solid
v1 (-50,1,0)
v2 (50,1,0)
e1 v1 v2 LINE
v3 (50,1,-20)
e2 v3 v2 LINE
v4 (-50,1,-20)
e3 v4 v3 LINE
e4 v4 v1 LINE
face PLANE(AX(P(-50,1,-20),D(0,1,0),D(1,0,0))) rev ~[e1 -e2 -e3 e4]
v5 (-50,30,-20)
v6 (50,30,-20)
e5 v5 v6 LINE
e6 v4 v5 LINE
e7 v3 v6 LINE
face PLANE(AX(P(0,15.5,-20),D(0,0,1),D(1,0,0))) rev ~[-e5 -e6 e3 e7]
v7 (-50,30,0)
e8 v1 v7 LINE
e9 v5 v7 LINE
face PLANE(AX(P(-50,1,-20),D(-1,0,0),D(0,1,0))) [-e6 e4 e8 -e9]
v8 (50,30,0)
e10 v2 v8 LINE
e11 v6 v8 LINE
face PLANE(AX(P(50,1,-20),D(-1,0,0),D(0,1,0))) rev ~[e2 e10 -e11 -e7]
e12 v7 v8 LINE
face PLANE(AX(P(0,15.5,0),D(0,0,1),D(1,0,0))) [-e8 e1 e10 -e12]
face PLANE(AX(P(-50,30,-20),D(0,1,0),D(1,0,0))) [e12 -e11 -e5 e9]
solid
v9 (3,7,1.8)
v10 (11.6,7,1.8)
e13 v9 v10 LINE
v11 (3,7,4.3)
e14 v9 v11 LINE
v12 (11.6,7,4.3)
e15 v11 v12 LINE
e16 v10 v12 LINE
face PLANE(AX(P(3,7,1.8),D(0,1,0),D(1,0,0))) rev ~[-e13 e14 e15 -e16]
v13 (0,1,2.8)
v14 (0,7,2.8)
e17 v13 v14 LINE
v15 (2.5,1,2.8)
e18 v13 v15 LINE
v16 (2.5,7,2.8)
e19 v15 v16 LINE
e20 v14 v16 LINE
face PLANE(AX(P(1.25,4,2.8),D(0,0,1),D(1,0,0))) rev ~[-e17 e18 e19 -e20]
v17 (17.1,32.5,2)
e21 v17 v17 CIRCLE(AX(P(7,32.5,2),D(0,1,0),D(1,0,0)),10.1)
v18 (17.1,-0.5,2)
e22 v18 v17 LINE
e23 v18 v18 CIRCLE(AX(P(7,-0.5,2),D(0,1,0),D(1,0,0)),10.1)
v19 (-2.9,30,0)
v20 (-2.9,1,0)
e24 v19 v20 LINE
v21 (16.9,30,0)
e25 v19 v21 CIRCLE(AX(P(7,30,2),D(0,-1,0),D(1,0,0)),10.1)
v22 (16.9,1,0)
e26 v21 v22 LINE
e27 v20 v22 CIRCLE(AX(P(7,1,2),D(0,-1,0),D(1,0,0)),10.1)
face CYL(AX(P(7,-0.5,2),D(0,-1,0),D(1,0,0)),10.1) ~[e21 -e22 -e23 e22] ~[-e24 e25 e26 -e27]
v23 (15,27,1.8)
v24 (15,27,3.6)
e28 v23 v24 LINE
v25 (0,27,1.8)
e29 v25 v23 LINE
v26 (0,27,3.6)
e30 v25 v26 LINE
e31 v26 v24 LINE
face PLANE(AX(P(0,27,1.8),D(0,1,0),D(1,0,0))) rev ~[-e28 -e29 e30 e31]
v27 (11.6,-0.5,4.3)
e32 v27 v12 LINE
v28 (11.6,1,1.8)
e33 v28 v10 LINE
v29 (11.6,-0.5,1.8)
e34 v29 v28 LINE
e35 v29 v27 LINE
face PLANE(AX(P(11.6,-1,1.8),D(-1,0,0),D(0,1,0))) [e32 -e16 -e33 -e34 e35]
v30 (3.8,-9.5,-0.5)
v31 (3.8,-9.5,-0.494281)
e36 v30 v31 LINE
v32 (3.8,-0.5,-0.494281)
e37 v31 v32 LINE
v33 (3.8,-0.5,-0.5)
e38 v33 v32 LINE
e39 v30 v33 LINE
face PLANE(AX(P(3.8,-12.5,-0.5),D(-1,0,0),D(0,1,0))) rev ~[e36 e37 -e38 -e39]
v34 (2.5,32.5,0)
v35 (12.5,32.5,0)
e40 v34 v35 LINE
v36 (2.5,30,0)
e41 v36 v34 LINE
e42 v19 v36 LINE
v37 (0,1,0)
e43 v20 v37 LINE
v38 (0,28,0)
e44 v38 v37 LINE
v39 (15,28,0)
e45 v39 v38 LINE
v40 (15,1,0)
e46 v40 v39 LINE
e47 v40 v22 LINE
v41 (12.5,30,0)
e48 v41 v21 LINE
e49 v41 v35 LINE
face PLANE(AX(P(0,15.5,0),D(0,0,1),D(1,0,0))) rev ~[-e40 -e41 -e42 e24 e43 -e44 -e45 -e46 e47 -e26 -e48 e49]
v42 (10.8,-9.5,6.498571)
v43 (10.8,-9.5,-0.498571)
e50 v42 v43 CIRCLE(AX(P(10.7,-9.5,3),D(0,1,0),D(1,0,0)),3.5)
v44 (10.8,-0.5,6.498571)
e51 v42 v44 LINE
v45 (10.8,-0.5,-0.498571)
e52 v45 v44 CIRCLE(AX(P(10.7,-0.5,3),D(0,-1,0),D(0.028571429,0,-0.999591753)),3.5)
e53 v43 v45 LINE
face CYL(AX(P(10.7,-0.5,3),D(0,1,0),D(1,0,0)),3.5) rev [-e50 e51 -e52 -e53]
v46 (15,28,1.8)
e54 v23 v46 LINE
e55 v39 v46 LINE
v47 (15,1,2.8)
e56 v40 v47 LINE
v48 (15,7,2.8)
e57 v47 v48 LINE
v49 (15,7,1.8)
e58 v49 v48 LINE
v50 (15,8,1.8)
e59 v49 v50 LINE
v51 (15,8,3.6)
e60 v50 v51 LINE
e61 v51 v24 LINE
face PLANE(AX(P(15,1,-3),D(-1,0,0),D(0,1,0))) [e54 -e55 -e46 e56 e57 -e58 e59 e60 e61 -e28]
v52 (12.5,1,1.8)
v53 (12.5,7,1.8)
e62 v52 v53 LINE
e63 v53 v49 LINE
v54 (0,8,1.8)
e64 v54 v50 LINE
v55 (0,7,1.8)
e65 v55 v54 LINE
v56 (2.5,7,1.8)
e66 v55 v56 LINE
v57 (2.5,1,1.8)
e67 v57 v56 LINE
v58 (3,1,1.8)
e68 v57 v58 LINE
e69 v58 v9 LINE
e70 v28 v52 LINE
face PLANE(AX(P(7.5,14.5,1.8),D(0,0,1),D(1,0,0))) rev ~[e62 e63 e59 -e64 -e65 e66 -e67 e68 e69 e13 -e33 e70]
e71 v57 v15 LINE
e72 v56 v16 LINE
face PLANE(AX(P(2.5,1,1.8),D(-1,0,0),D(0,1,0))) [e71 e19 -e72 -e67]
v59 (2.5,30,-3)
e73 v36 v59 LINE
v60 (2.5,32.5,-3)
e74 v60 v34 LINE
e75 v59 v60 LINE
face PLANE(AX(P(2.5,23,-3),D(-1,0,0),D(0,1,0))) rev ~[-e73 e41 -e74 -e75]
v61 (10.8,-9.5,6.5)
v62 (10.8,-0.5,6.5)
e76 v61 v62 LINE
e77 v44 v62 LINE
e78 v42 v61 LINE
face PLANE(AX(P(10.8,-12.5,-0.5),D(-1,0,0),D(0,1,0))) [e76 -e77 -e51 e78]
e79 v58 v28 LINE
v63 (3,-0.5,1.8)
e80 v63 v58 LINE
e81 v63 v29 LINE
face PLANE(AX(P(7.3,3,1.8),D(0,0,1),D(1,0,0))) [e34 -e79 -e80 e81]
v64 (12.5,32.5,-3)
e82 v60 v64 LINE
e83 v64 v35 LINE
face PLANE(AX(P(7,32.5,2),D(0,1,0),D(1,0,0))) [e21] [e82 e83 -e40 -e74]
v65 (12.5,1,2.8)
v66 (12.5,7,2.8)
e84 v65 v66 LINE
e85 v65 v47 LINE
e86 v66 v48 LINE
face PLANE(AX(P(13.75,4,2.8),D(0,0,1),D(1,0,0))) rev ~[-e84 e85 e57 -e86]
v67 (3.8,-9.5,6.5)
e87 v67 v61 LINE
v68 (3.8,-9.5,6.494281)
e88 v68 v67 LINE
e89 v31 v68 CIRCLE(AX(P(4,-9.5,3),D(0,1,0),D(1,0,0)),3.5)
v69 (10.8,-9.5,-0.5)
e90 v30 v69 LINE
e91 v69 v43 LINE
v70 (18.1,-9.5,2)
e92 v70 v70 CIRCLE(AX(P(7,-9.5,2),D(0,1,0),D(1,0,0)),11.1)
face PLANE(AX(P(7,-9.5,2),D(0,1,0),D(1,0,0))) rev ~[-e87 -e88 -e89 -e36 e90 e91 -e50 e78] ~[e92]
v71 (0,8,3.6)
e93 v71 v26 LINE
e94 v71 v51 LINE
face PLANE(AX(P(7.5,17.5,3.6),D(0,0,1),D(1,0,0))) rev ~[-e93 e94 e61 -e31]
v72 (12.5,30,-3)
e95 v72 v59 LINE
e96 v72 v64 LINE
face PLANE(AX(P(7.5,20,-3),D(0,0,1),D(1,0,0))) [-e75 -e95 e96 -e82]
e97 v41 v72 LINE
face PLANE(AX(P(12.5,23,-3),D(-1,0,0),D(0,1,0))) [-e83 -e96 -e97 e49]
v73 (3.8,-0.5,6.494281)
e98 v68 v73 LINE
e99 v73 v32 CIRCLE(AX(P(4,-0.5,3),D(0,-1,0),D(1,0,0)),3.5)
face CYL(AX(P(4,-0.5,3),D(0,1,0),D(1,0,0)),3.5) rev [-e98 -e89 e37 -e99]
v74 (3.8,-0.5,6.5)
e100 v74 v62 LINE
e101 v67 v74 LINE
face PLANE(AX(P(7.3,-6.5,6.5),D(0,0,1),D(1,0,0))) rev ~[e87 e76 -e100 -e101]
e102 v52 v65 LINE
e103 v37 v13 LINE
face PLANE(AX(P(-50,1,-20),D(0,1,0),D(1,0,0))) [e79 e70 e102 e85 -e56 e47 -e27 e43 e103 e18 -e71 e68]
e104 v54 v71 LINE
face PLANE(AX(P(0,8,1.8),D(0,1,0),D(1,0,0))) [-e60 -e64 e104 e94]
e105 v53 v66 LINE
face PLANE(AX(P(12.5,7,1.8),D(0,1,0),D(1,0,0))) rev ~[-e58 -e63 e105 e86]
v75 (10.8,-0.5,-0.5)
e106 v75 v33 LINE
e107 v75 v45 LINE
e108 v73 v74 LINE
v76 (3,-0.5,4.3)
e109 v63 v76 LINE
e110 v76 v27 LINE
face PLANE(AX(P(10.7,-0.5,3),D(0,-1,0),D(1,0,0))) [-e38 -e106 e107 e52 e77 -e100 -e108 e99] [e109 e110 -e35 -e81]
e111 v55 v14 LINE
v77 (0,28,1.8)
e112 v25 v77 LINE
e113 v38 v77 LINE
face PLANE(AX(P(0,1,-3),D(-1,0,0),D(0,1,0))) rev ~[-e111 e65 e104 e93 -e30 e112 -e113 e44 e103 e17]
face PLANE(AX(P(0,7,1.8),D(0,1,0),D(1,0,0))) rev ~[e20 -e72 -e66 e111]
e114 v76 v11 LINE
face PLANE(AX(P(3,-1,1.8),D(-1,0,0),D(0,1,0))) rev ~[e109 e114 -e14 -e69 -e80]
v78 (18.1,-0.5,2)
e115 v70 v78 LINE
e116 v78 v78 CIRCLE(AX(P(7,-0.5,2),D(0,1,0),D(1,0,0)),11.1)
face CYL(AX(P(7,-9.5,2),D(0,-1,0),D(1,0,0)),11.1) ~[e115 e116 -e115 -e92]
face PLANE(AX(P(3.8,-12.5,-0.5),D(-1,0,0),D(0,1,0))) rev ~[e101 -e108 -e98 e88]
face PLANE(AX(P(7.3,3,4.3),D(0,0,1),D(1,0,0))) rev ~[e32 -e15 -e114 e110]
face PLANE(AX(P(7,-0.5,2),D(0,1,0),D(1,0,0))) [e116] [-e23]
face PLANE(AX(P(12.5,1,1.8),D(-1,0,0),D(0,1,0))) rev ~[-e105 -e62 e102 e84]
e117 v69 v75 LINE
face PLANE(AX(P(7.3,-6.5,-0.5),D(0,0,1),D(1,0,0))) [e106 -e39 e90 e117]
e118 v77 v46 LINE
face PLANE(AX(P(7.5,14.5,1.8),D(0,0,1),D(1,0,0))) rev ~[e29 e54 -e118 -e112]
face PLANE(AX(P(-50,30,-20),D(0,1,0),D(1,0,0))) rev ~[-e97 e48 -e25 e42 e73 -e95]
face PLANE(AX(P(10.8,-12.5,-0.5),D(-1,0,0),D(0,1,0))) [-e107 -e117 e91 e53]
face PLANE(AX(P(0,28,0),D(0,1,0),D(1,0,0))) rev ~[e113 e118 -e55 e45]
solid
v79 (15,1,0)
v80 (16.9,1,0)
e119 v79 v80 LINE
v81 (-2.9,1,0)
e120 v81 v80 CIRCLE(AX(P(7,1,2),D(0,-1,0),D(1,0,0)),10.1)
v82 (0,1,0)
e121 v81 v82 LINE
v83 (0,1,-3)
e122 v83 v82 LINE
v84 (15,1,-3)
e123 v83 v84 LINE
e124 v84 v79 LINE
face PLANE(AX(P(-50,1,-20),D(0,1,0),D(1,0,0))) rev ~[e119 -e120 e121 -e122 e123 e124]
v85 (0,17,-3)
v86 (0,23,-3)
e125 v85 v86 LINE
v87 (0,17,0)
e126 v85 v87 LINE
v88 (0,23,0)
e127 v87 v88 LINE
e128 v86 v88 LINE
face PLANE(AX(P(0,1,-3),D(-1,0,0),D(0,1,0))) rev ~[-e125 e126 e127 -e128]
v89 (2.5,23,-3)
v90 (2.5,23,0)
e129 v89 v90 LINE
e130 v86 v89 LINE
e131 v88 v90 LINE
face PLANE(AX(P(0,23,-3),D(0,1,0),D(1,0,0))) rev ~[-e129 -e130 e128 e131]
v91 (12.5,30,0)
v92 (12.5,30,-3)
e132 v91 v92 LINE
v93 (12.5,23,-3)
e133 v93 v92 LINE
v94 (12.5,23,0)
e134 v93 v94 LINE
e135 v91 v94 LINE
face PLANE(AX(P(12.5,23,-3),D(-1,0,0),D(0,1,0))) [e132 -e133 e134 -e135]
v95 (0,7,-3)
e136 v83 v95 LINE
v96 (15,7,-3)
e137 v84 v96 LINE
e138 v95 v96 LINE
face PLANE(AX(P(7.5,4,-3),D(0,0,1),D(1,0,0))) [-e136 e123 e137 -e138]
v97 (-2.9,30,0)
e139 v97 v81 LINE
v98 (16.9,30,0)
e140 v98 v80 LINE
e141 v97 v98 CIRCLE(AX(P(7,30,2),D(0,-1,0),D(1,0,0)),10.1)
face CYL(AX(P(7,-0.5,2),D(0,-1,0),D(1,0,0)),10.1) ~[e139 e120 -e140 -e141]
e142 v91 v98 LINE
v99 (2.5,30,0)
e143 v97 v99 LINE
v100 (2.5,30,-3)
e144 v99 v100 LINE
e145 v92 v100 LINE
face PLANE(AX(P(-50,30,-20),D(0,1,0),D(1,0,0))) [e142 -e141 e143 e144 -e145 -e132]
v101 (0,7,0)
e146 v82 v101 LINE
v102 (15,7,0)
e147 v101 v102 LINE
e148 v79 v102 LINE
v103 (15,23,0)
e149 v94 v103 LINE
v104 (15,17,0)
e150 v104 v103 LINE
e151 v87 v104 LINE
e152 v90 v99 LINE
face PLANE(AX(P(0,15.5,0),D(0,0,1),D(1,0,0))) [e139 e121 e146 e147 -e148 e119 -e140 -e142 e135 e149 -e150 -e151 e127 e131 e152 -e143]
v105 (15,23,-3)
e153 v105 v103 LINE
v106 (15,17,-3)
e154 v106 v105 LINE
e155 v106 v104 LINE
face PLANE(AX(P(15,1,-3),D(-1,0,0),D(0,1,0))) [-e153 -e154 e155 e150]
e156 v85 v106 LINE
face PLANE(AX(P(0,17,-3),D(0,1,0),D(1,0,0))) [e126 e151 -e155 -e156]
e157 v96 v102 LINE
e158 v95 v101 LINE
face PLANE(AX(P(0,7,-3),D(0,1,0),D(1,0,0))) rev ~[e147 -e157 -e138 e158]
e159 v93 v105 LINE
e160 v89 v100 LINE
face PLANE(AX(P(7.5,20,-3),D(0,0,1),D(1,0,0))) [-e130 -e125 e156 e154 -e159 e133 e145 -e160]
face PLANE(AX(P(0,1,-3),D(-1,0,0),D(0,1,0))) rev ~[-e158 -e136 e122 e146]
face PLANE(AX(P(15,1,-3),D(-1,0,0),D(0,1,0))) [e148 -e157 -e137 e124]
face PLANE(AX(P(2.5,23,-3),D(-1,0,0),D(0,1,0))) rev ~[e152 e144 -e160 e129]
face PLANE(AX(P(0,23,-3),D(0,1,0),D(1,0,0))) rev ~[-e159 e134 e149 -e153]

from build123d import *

# Parameters (mm, degrees)
BOX008_W               = 100
BOX008_H               = 29
BOX008_DEPTH           = 20
CYLINDER002_R          = 3.5
CYLINDER002_DEPTH      = 12
CYLINDER002_ROLL_ANGLE = 90
CYLINDER003_R          = 3.5
CYLINDER003_DEPTH      = 12
CYLINDER003_ROLL_ANGLE = 90
BOX009_W               = 7
BOX009_H               = 12
BOX009_DEPTH           = 7
BOX002_W               = 8.6
BOX002_H               = 8
BOX002_DEPTH           = 2.5
BOX001_W               = 15
BOX001_H               = 19
BOX001_DEPTH           = 1.8
BOX004_W               = 10
BOX004_H               = 15
BOX004_DEPTH           = 3
BOX003_W               = 15
BOX003_H               = 6
BOX003_DEPTH           = 3
BOX_W                  = 15
BOX_H                  = 27
BOX_DEPTH              = 1.8
BOX007_W               = 2.5
BOX007_H               = 6
BOX007_DEPTH           = 1
BOX005_W               = 15
BOX005_H               = 6
BOX005_DEPTH           = 3
BOX006_W               = 2.5
BOX006_H               = 6
BOX006_DEPTH           = 1
CYLINDER_R             = 10.1
CYLINDER_DEPTH         = 33
CYLINDER_ROLL_ANGLE    = -90
CYLINDER001_R          = 11.1
CYLINDER001_DEPTH      = 9
CYLINDER001_ROLL_ANGLE = -90
BOX022_W               = 100
BOX022_H               = 29
BOX022_DEPTH           = 20
BOX012_W               = 100
BOX012_H               = 100
BOX012_DEPTH           = 40
BOX010_W               = 100
BOX010_H               = 100
BOX010_DEPTH           = 40
BOX011_W               = 100
BOX011_H               = 29
BOX011_DEPTH           = 20
CYLINDER004_R          = 3.5
CYLINDER004_DEPTH      = 12
CYLINDER004_ROLL_ANGLE = 90
CYLINDER007_R          = 3.5
CYLINDER007_DEPTH      = 12
CYLINDER007_ROLL_ANGLE = 90
BOX023_W               = 20
BOX023_H               = 12
BOX023_DEPTH           = 7
BOX016_W               = 8.6
BOX016_H               = 8
BOX016_DEPTH           = 2.5
BOX015_W               = 15
BOX015_H               = 19
BOX015_DEPTH           = 1.8
BOX018_W               = 10
BOX018_H               = 15
BOX018_DEPTH           = 3
BOX017_W               = 15
BOX017_H               = 6
BOX017_DEPTH           = 3
BOX014_W               = 15
BOX014_H               = 27
BOX014_DEPTH           = 1.8
BOX021_W               = 2.5
BOX021_H               = 6
BOX021_DEPTH           = 1
BOX019_W               = 15
BOX019_H               = 6
BOX019_DEPTH           = 3
BOX020_W               = 2.5
BOX020_H               = 6
BOX020_DEPTH           = 1
CYLINDER005_R          = 10.1
CYLINDER005_DEPTH      = 33
CYLINDER005_ROLL_ANGLE = -90
CYLINDER006_R          = 11.1
CYLINDER006_DEPTH      = 10
CYLINDER006_ROLL_ANGLE = -90


with BuildPart() as box008:
    # Box008 → Box008 (new body)
    with BuildSketch(Plane(origin=(-50, 1, -20), x_dir=(1, 0, 0), z_dir=(0, 0, 1))):
        with Locations((50, 14.5)):
            Rectangle(BOX008_W, BOX008_H)
    extrude(amount=BOX008_DEPTH)


with BuildPart() as cylinder002:
    # Cylinder002 → Cylinder002 (new body)
    with BuildSketch(Plane.XY):
        Circle(CYLINDER002_R)
    extrude(amount=CYLINDER002_DEPTH)


with BuildPart() as cylinder002_1:
    # Cylinder002 roll: moved
    add(cylinder002.part.rotate(Axis((0, 0, 0), (1, 0, 0)), CYLINDER002_ROLL_ANGLE))


with BuildPart() as cylinder002_2:
    # Cylinder002 placement: moved
    add(cylinder002_1.part.moved(Location((4, 0, 3))))


with BuildPart() as cylinder003:
    # Cylinder003 → Cylinder003 (new body)
    with BuildSketch(Plane.XY):
        Circle(CYLINDER003_R)
    extrude(amount=CYLINDER003_DEPTH)


with BuildPart() as cylinder003_1:
    # Cylinder003 roll: moved
    add(cylinder003.part.rotate(Axis((0, 0, 0), (1, 0, 0)), CYLINDER003_ROLL_ANGLE))


with BuildPart() as cylinder003_2:
    # Cylinder003 placement: moved
    add(cylinder003_1.part.moved(Location((10.7, 0, 3))))


with BuildPart() as fusion002:
    # Box009 → Box009 (new body)
    with BuildSketch(Plane(origin=(3.8, -12, -0.5), x_dir=(1, 0, 0), z_dir=(0, 0, 1))):
        with Locations((3.5, 6)):
            Rectangle(BOX009_W, BOX009_H)
    extrude(amount=BOX009_DEPTH)

    # Fusion002: union Cylinder002, Cylinder003
    add(cylinder002_2.part)
    add(cylinder003_2.part)


with BuildPart() as fusion002_1:
    # Fusion002 placement: moved
    add(fusion002.part.moved(Location((0, -0.5, 0))))


with BuildPart() as box002:
    # Box002 → Box002 (new body)
    with BuildSketch(Plane(origin=(3, -2, 1.8), x_dir=(1, 0, 0), z_dir=(0, 0, 1))):
        with Locations((4.3, 4)):
            Rectangle(BOX002_W, BOX002_H)
    extrude(amount=BOX002_DEPTH)


with BuildPart() as box001:
    # Box001 → Box001 (new body)
    with BuildSketch(Plane(origin=(0, 7, 1.8), x_dir=(1, 0, 0), z_dir=(0, 0, 1))):
        with Locations((7.5, 9.5)):
            Rectangle(BOX001_W, BOX001_H)
    extrude(amount=BOX001_DEPTH)


with BuildPart() as box004:
    # Box004 → Box004 (new body)
    with BuildSketch(Plane(origin=(2.5, 22, -3), x_dir=(1, 0, 0), z_dir=(0, 0, 1))):
        with Locations((5, 7.5)):
            Rectangle(BOX004_W, BOX004_H)
    extrude(amount=BOX004_DEPTH)


with BuildPart() as box003:
    # Box003 → Box003 (new body)
    with BuildSketch(Plane(origin=(0, 16, -3), x_dir=(1, 0, 0), z_dir=(0, 0, 1))):
        with Locations((7.5, 3)):
            Rectangle(BOX003_W, BOX003_H)
    extrude(amount=BOX003_DEPTH)


with BuildPart() as box:
    # Box → Box (new body)
    with BuildSketch(Plane.XY):
        with Locations((7.5, 13.5)):
            Rectangle(BOX_W, BOX_H)
    extrude(amount=BOX_DEPTH)


with BuildPart() as box007:
    # Box007 → Box007 (new body)
    with BuildSketch(Plane(origin=(12.5, 0, 1.8), x_dir=(1, 0, 0), z_dir=(0, 0, 1))):
        with Locations((1.25, 3)):
            Rectangle(BOX007_W, BOX007_H)
    extrude(amount=BOX007_DEPTH)


with BuildPart() as box005:
    # Box005 → Box005 (new body)
    with BuildSketch(Plane.XY.offset(-3)):
        with Locations((7.5, 3)):
            Rectangle(BOX005_W, BOX005_H)
    extrude(amount=BOX005_DEPTH)


with BuildPart() as fusion:
    # Box006 → Box006 (new body)
    with BuildSketch(Plane.XY.offset(1.8)):
        with Locations((1.25, 3)):
            Rectangle(BOX006_W, BOX006_H)
    extrude(amount=BOX006_DEPTH)

    # Fusion: union Box002, Box001, Box004, Box003, Box, Box007, Box005
    add(box002.part)
    add(box001.part)
    add(box004.part)
    add(box003.part)
    add(box.part)
    add(box007.part)
    add(box005.part)


with BuildPart() as fusion_1:
    # Fusion placement: moved
    add(fusion.part.moved(Location((0, 1, 0))))


with BuildPart() as cylinder:
    # Cylinder → Cylinder (new body)
    with BuildSketch(Plane.XY):
        Circle(CYLINDER_R)
    extrude(amount=CYLINDER_DEPTH)


with BuildPart() as cylinder_1:
    # Cylinder roll: moved
    add(cylinder.part.rotate(Axis((0, 0, 0), (1, 0, 0)), CYLINDER_ROLL_ANGLE))


with BuildPart() as cylinder_2:
    # Cylinder placement: moved
    add(cylinder_1.part.moved(Location((7, -0.5, 2))))


with BuildPart() as cut002:
    # Cylinder001 → Cylinder001 (new body)
    with BuildSketch(Plane.XY):
        Circle(CYLINDER001_R)
    extrude(amount=CYLINDER001_DEPTH)


with BuildPart() as cut002_1:
    # Cylinder001 roll: moved
    add(cut002.part.rotate(Axis((0, 0, 0), (1, 0, 0)), CYLINDER001_ROLL_ANGLE))


with BuildPart() as cut002_2:
    # Cylinder001 placement: moved
    add(cut002_1.part.moved(Location((7, -9.5, 2))))

    # Fusion001: union Cylinder
    add(cylinder_2.part)

    # Cut: cut Fusion
    add(fusion_1.part, mode=Mode.SUBTRACT)

    # Cut001: cut Fusion002
    add(fusion002_1.part, mode=Mode.SUBTRACT)

    # Cut002: cut Box008
    add(box008.part, mode=Mode.SUBTRACT)


with BuildPart() as box022:
    # Box022 → Box022 (new body)
    with BuildSketch(Plane(origin=(-50, 1, -20), x_dir=(1, 0, 0), z_dir=(0, 0, 1))):
        with Locations((50, 14.5)):
            Rectangle(BOX022_W, BOX022_H)
    extrude(amount=BOX022_DEPTH)


with BuildPart() as box012:
    # Box012 → Box012 (new body)
    with BuildSketch(Plane(origin=(-50, 30, -20), x_dir=(1, 0, 0), z_dir=(0, 0, 1))):
        with Locations((50, 50)):
            Rectangle(BOX012_W, BOX012_H)
    extrude(amount=BOX012_DEPTH)


with BuildPart() as box010:
    # Box010 → Box010 (new body)
    with BuildSketch(Plane(origin=(-50, -99, -20), x_dir=(1, 0, 0), z_dir=(0, 0, 1))):
        with Locations((50, 50)):
            Rectangle(BOX010_W, BOX010_H)
    extrude(amount=BOX010_DEPTH)


with BuildPart() as fusion007:
    # Box011 → Box011 (new body)
    with BuildSketch(Plane(origin=(-50, 1, 0), x_dir=(1, 0, 0), z_dir=(0, 0, 1))):
        with Locations((50, 14.5)):
            Rectangle(BOX011_W, BOX011_H)
    extrude(amount=BOX011_DEPTH)

    # Fusion007: union Box012, Box010
    add(box012.part)
    add(box010.part)


with BuildPart() as cylinder004:
    # Cylinder004 → Cylinder004 (new body)
    with BuildSketch(Plane.XY):
        Circle(CYLINDER004_R)
    extrude(amount=CYLINDER004_DEPTH)


with BuildPart() as cylinder004_1:
    # Cylinder004 roll: moved
    add(cylinder004.part.rotate(Axis((0, 0, 0), (1, 0, 0)), CYLINDER004_ROLL_ANGLE))


with BuildPart() as cylinder004_2:
    # Cylinder004 placement: moved
    add(cylinder004_1.part.moved(Location((4, 0, 3))))


with BuildPart() as cylinder007:
    # Cylinder007 → Cylinder007 (new body)
    with BuildSketch(Plane.XY):
        Circle(CYLINDER007_R)
    extrude(amount=CYLINDER007_DEPTH)


with BuildPart() as cylinder007_1:
    # Cylinder007 roll: moved
    add(cylinder007.part.rotate(Axis((0, 0, 0), (1, 0, 0)), CYLINDER007_ROLL_ANGLE))


with BuildPart() as cylinder007_2:
    # Cylinder007 placement: moved
    add(cylinder007_1.part.moved(Location((10.7, 0, 3))))


with BuildPart() as fusion006:
    # Box023 → Box023 (new body)
    with BuildSketch(Plane(origin=(3.8, -12, -0.5), x_dir=(1, 0, 0), z_dir=(0, 0, 1))):
        with Locations((10, 6)):
            Rectangle(BOX023_W, BOX023_H)
    extrude(amount=BOX023_DEPTH)

    # Fusion006: union Cylinder004, Cylinder007
    add(cylinder004_2.part)
    add(cylinder007_2.part)


with BuildPart() as fusion006_1:
    # Fusion006 placement: moved
    add(fusion006.part.moved(Location((0, -0.5, 0))))


with BuildPart() as box016:
    # Box016 → Box016 (new body)
    with BuildSketch(Plane(origin=(3, -2, 1.8), x_dir=(1, 0, 0), z_dir=(0, 0, 1))):
        with Locations((4.3, 4)):
            Rectangle(BOX016_W, BOX016_H)
    extrude(amount=BOX016_DEPTH)


with BuildPart() as box015:
    # Box015 → Box015 (new body)
    with BuildSketch(Plane(origin=(0, 7, 1.8), x_dir=(1, 0, 0), z_dir=(0, 0, 1))):
        with Locations((7.5, 9.5)):
            Rectangle(BOX015_W, BOX015_H)
    extrude(amount=BOX015_DEPTH)


with BuildPart() as box018:
    # Box018 → Box018 (new body)
    with BuildSketch(Plane(origin=(2.5, 22, -3), x_dir=(1, 0, 0), z_dir=(0, 0, 1))):
        with Locations((5, 7.5)):
            Rectangle(BOX018_W, BOX018_H)
    extrude(amount=BOX018_DEPTH)


with BuildPart() as box017:
    # Box017 → Box017 (new body)
    with BuildSketch(Plane(origin=(0, 16, -3), x_dir=(1, 0, 0), z_dir=(0, 0, 1))):
        with Locations((7.5, 3)):
            Rectangle(BOX017_W, BOX017_H)
    extrude(amount=BOX017_DEPTH)


with BuildPart() as box014:
    # Box014 → Box014 (new body)
    with BuildSketch(Plane.XY):
        with Locations((7.5, 13.5)):
            Rectangle(BOX014_W, BOX014_H)
    extrude(amount=BOX014_DEPTH)


with BuildPart() as box021:
    # Box021 → Box021 (new body)
    with BuildSketch(Plane(origin=(12.5, 0, 1.8), x_dir=(1, 0, 0), z_dir=(0, 0, 1))):
        with Locations((1.25, 3)):
            Rectangle(BOX021_W, BOX021_H)
    extrude(amount=BOX021_DEPTH)


with BuildPart() as box019:
    # Box019 → Box019 (new body)
    with BuildSketch(Plane.XY.offset(-3)):
        with Locations((7.5, 3)):
            Rectangle(BOX019_W, BOX019_H)
    extrude(amount=BOX019_DEPTH)


with BuildPart() as fusion005:
    # Box020 → Box020 (new body)
    with BuildSketch(Plane.XY.offset(1.8)):
        with Locations((1.25, 3)):
            Rectangle(BOX020_W, BOX020_H)
    extrude(amount=BOX020_DEPTH)

    # Fusion005: union Box016, Box015, Box018, Box017, Box014, Box021, Box019
    add(box016.part)
    add(box015.part)
    add(box018.part)
    add(box017.part)
    add(box014.part)
    add(box021.part)
    add(box019.part)


with BuildPart() as fusion005_1:
    # Fusion005 placement: moved
    add(fusion005.part.moved(Location((0, 1, 0))))


with BuildPart() as cylinder005:
    # Cylinder005 → Cylinder005 (new body)
    with BuildSketch(Plane.XY):
        Circle(CYLINDER005_R)
    extrude(amount=CYLINDER005_DEPTH)


with BuildPart() as cylinder005_1:
    # Cylinder005 roll: moved
    add(cylinder005.part.rotate(Axis((0, 0, 0), (1, 0, 0)), CYLINDER005_ROLL_ANGLE))


with BuildPart() as cylinder005_2:
    # Cylinder005 placement: moved
    add(cylinder005_1.part.moved(Location((7, -0.5, 2))))


with BuildPart() as cut005:
    # Cylinder006 → Cylinder006 (new body)
    with BuildSketch(Plane.XY):
        Circle(CYLINDER006_R)
    extrude(amount=CYLINDER006_DEPTH)


with BuildPart() as cut005_1:
    # Cylinder006 roll: moved
    add(cut005.part.rotate(Axis((0, 0, 0), (1, 0, 0)), CYLINDER006_ROLL_ANGLE))


with BuildPart() as cut005_2:
    # Cylinder006 placement: moved
    add(cut005_1.part.moved(Location((7, -10.5, 2))))

    # Fusion004: union Cylinder005
    add(cylinder005_2.part)

    # Cut003: cut Fusion005
    add(fusion005_1.part, mode=Mode.SUBTRACT)

    # Cut004: cut Fusion006
    add(fusion006_1.part, mode=Mode.SUBTRACT)

    # Cut005: cut Fusion007
    add(fusion007.part, mode=Mode.SUBTRACT)


solid = Compound([cut002_2.part, box022.part, cut005_2.part])
